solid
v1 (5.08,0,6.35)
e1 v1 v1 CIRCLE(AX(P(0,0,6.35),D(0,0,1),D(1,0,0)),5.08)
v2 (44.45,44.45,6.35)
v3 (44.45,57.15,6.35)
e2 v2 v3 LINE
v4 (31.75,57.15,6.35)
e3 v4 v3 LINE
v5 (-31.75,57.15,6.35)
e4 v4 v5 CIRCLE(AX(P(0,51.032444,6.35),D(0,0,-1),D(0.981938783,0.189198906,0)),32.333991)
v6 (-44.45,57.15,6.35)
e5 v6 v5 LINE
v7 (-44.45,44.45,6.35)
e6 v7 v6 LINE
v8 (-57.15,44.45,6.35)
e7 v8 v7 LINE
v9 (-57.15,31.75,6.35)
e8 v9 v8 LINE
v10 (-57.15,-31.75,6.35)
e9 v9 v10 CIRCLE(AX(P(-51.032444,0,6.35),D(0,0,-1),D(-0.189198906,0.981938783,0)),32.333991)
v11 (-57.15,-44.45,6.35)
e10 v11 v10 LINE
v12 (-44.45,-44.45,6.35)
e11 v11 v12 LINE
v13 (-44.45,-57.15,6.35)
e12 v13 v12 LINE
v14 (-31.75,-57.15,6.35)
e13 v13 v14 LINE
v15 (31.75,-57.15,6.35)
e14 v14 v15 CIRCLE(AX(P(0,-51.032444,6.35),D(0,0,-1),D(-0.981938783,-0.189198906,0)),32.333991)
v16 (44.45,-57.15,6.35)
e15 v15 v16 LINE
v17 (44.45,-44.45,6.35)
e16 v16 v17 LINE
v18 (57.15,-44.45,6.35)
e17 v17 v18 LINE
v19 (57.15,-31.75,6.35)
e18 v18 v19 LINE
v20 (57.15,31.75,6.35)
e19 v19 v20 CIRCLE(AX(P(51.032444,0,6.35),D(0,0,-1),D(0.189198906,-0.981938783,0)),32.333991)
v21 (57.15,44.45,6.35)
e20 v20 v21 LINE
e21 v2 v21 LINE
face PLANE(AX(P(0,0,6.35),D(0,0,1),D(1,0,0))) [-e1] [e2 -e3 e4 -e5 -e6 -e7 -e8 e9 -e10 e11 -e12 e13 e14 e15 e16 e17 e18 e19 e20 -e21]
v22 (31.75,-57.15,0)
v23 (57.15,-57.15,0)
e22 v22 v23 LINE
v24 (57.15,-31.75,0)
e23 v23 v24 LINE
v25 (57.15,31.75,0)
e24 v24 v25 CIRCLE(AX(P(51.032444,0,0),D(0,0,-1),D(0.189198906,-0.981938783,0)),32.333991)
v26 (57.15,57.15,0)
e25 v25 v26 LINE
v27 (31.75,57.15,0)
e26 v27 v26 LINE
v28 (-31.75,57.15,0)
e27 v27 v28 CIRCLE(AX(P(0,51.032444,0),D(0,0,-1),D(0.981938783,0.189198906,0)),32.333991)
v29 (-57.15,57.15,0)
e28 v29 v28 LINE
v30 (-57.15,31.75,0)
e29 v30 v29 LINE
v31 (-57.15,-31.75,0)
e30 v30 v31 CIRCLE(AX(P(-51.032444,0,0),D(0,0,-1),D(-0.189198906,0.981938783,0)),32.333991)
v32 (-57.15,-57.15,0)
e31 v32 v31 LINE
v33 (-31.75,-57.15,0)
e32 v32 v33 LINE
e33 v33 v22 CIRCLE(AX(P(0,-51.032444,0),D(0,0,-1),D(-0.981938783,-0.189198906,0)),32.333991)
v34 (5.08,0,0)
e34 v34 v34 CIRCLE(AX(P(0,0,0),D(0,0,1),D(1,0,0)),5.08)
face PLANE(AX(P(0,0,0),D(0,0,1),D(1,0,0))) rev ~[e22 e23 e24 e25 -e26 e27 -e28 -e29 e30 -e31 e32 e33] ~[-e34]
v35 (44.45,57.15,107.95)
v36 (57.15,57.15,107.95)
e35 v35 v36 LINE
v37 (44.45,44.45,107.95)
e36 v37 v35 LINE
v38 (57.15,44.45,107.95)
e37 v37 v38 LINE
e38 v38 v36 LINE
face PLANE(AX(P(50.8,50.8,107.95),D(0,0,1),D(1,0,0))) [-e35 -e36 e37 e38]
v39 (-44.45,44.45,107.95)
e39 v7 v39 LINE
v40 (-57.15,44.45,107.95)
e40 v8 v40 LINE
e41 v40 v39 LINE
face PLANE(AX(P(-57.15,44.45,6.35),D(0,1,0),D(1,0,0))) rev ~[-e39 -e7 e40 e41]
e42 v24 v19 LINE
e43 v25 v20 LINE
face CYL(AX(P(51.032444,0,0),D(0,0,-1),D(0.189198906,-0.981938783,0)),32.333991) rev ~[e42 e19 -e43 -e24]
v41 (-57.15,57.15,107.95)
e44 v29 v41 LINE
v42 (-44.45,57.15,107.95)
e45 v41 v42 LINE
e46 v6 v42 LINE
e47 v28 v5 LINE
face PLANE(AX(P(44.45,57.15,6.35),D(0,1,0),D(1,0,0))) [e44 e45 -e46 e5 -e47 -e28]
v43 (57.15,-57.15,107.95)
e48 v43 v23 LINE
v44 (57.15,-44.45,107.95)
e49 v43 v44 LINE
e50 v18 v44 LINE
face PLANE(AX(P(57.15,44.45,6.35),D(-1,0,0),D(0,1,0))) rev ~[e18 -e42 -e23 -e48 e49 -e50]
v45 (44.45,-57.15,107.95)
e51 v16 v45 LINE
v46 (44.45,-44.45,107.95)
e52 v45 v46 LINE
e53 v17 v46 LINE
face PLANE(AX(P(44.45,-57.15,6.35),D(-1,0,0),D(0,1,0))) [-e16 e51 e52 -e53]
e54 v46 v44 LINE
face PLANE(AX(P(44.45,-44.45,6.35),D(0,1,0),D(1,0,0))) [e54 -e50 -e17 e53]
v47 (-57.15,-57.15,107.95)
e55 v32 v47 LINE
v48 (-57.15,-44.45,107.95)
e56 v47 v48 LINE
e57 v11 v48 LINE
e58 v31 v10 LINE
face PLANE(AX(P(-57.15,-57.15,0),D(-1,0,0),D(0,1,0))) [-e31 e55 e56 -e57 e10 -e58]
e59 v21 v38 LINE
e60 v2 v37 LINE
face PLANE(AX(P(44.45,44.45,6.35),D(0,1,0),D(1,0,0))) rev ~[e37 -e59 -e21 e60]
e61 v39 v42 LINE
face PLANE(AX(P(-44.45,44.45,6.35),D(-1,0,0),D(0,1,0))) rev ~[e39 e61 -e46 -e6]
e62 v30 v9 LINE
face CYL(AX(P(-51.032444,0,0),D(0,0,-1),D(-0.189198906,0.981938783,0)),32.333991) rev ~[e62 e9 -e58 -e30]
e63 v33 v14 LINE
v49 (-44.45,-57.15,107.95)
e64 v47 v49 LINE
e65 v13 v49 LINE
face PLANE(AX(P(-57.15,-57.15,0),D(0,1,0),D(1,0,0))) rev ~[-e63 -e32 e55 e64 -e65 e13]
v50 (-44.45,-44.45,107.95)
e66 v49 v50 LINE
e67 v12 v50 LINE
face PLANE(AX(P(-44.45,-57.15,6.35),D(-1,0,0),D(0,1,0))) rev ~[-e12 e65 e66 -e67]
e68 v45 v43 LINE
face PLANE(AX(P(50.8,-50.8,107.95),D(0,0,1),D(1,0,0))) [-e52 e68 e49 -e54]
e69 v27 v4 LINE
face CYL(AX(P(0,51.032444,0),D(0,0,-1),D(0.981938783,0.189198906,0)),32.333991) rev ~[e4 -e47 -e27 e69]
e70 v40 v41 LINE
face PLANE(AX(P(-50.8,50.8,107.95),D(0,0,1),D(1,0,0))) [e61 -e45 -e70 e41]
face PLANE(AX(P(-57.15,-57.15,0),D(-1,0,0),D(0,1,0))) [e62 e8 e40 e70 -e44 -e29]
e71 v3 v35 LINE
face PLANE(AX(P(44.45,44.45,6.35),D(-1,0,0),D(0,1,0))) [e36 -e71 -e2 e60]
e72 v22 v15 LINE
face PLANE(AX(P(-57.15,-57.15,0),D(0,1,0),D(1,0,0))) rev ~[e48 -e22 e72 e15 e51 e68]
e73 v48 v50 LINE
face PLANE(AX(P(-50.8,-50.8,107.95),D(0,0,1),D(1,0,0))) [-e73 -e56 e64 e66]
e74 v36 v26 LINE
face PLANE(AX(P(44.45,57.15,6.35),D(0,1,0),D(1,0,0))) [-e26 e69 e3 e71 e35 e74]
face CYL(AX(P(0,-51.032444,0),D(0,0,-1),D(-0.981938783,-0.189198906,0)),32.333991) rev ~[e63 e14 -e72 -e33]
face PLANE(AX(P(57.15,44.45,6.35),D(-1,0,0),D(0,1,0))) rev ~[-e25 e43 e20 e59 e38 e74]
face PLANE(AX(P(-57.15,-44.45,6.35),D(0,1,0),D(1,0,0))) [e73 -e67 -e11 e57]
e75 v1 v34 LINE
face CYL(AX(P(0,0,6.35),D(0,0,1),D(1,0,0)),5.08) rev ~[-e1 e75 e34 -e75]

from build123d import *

# Parameters (mm, degrees)
F0_W     = 114.3
F0_H     = 114.3
F1_DEPTH = 6.35
F3_R     = 5.08
F4_DEPTH = 25.4
F2_W     = 12.7
F2_H     = 12.7
F5_DEPTH = 101.6
F7_DEPTH = 107.951


with BuildPart() as f1:
    # F0 (on Top) → F1 (new body)
    with BuildSketch(Plane.XY):
        Rectangle(F0_W, F0_H)
    extrude(amount=F1_DEPTH)

    # F3 (on face) → F4 (cut)
    with BuildSketch(Plane.XY.offset(6.35)):
        Circle(F3_R)
    extrude(amount=-F4_DEPTH, mode=Mode.SUBTRACT)

    # F2 (on face) → F5 (join)
    with BuildSketch(Plane.XY.offset(6.35)):
        with Locations((50.8, 50.8)):
            Rectangle(F2_W, F2_H)
        with Locations((-50.8, 50.8)):
            Rectangle(F2_W, F2_H)
        with Locations((-50.8, -50.8)):
            Rectangle(F2_W, F2_H)
        with Locations((50.8, -50.8)):
            Rectangle(F2_W, F2_H)
    extrude(amount=F5_DEPTH)

    # F6 (on face) → F7 (cut, through all)
    with BuildSketch(Plane(origin=(0, 0, 0), x_dir=(1, 0, 0), z_dir=(0, 0, -1))):
        with BuildLine():
            Line((-57.15, 31.75), (-57.15, -31.75))
            ThreePointArc((-57.15, -31.75), (-18.698453, 0), (-57.15, 31.75))
        make_face()
        with BuildLine():
            Line((-31.75, -57.15), (31.75, -57.15))
            ThreePointArc((31.75, -57.15), (0, -18.698453), (-31.75, -57.15))
        make_face()
        with BuildLine():
            Line((57.15, -31.75), (57.15, 31.75))
            ThreePointArc((57.15, 31.75), (18.698453, 0), (57.15, -31.75))
        make_face()
        with BuildLine():
            Line((31.75, 57.15), (-31.75, 57.15))
            ThreePointArc((-31.75, 57.15), (0, 18.698453), (31.75, 57.15))
        make_face()
    extrude(amount=-F7_DEPTH, mode=Mode.SUBTRACT)


solid = f1.part
